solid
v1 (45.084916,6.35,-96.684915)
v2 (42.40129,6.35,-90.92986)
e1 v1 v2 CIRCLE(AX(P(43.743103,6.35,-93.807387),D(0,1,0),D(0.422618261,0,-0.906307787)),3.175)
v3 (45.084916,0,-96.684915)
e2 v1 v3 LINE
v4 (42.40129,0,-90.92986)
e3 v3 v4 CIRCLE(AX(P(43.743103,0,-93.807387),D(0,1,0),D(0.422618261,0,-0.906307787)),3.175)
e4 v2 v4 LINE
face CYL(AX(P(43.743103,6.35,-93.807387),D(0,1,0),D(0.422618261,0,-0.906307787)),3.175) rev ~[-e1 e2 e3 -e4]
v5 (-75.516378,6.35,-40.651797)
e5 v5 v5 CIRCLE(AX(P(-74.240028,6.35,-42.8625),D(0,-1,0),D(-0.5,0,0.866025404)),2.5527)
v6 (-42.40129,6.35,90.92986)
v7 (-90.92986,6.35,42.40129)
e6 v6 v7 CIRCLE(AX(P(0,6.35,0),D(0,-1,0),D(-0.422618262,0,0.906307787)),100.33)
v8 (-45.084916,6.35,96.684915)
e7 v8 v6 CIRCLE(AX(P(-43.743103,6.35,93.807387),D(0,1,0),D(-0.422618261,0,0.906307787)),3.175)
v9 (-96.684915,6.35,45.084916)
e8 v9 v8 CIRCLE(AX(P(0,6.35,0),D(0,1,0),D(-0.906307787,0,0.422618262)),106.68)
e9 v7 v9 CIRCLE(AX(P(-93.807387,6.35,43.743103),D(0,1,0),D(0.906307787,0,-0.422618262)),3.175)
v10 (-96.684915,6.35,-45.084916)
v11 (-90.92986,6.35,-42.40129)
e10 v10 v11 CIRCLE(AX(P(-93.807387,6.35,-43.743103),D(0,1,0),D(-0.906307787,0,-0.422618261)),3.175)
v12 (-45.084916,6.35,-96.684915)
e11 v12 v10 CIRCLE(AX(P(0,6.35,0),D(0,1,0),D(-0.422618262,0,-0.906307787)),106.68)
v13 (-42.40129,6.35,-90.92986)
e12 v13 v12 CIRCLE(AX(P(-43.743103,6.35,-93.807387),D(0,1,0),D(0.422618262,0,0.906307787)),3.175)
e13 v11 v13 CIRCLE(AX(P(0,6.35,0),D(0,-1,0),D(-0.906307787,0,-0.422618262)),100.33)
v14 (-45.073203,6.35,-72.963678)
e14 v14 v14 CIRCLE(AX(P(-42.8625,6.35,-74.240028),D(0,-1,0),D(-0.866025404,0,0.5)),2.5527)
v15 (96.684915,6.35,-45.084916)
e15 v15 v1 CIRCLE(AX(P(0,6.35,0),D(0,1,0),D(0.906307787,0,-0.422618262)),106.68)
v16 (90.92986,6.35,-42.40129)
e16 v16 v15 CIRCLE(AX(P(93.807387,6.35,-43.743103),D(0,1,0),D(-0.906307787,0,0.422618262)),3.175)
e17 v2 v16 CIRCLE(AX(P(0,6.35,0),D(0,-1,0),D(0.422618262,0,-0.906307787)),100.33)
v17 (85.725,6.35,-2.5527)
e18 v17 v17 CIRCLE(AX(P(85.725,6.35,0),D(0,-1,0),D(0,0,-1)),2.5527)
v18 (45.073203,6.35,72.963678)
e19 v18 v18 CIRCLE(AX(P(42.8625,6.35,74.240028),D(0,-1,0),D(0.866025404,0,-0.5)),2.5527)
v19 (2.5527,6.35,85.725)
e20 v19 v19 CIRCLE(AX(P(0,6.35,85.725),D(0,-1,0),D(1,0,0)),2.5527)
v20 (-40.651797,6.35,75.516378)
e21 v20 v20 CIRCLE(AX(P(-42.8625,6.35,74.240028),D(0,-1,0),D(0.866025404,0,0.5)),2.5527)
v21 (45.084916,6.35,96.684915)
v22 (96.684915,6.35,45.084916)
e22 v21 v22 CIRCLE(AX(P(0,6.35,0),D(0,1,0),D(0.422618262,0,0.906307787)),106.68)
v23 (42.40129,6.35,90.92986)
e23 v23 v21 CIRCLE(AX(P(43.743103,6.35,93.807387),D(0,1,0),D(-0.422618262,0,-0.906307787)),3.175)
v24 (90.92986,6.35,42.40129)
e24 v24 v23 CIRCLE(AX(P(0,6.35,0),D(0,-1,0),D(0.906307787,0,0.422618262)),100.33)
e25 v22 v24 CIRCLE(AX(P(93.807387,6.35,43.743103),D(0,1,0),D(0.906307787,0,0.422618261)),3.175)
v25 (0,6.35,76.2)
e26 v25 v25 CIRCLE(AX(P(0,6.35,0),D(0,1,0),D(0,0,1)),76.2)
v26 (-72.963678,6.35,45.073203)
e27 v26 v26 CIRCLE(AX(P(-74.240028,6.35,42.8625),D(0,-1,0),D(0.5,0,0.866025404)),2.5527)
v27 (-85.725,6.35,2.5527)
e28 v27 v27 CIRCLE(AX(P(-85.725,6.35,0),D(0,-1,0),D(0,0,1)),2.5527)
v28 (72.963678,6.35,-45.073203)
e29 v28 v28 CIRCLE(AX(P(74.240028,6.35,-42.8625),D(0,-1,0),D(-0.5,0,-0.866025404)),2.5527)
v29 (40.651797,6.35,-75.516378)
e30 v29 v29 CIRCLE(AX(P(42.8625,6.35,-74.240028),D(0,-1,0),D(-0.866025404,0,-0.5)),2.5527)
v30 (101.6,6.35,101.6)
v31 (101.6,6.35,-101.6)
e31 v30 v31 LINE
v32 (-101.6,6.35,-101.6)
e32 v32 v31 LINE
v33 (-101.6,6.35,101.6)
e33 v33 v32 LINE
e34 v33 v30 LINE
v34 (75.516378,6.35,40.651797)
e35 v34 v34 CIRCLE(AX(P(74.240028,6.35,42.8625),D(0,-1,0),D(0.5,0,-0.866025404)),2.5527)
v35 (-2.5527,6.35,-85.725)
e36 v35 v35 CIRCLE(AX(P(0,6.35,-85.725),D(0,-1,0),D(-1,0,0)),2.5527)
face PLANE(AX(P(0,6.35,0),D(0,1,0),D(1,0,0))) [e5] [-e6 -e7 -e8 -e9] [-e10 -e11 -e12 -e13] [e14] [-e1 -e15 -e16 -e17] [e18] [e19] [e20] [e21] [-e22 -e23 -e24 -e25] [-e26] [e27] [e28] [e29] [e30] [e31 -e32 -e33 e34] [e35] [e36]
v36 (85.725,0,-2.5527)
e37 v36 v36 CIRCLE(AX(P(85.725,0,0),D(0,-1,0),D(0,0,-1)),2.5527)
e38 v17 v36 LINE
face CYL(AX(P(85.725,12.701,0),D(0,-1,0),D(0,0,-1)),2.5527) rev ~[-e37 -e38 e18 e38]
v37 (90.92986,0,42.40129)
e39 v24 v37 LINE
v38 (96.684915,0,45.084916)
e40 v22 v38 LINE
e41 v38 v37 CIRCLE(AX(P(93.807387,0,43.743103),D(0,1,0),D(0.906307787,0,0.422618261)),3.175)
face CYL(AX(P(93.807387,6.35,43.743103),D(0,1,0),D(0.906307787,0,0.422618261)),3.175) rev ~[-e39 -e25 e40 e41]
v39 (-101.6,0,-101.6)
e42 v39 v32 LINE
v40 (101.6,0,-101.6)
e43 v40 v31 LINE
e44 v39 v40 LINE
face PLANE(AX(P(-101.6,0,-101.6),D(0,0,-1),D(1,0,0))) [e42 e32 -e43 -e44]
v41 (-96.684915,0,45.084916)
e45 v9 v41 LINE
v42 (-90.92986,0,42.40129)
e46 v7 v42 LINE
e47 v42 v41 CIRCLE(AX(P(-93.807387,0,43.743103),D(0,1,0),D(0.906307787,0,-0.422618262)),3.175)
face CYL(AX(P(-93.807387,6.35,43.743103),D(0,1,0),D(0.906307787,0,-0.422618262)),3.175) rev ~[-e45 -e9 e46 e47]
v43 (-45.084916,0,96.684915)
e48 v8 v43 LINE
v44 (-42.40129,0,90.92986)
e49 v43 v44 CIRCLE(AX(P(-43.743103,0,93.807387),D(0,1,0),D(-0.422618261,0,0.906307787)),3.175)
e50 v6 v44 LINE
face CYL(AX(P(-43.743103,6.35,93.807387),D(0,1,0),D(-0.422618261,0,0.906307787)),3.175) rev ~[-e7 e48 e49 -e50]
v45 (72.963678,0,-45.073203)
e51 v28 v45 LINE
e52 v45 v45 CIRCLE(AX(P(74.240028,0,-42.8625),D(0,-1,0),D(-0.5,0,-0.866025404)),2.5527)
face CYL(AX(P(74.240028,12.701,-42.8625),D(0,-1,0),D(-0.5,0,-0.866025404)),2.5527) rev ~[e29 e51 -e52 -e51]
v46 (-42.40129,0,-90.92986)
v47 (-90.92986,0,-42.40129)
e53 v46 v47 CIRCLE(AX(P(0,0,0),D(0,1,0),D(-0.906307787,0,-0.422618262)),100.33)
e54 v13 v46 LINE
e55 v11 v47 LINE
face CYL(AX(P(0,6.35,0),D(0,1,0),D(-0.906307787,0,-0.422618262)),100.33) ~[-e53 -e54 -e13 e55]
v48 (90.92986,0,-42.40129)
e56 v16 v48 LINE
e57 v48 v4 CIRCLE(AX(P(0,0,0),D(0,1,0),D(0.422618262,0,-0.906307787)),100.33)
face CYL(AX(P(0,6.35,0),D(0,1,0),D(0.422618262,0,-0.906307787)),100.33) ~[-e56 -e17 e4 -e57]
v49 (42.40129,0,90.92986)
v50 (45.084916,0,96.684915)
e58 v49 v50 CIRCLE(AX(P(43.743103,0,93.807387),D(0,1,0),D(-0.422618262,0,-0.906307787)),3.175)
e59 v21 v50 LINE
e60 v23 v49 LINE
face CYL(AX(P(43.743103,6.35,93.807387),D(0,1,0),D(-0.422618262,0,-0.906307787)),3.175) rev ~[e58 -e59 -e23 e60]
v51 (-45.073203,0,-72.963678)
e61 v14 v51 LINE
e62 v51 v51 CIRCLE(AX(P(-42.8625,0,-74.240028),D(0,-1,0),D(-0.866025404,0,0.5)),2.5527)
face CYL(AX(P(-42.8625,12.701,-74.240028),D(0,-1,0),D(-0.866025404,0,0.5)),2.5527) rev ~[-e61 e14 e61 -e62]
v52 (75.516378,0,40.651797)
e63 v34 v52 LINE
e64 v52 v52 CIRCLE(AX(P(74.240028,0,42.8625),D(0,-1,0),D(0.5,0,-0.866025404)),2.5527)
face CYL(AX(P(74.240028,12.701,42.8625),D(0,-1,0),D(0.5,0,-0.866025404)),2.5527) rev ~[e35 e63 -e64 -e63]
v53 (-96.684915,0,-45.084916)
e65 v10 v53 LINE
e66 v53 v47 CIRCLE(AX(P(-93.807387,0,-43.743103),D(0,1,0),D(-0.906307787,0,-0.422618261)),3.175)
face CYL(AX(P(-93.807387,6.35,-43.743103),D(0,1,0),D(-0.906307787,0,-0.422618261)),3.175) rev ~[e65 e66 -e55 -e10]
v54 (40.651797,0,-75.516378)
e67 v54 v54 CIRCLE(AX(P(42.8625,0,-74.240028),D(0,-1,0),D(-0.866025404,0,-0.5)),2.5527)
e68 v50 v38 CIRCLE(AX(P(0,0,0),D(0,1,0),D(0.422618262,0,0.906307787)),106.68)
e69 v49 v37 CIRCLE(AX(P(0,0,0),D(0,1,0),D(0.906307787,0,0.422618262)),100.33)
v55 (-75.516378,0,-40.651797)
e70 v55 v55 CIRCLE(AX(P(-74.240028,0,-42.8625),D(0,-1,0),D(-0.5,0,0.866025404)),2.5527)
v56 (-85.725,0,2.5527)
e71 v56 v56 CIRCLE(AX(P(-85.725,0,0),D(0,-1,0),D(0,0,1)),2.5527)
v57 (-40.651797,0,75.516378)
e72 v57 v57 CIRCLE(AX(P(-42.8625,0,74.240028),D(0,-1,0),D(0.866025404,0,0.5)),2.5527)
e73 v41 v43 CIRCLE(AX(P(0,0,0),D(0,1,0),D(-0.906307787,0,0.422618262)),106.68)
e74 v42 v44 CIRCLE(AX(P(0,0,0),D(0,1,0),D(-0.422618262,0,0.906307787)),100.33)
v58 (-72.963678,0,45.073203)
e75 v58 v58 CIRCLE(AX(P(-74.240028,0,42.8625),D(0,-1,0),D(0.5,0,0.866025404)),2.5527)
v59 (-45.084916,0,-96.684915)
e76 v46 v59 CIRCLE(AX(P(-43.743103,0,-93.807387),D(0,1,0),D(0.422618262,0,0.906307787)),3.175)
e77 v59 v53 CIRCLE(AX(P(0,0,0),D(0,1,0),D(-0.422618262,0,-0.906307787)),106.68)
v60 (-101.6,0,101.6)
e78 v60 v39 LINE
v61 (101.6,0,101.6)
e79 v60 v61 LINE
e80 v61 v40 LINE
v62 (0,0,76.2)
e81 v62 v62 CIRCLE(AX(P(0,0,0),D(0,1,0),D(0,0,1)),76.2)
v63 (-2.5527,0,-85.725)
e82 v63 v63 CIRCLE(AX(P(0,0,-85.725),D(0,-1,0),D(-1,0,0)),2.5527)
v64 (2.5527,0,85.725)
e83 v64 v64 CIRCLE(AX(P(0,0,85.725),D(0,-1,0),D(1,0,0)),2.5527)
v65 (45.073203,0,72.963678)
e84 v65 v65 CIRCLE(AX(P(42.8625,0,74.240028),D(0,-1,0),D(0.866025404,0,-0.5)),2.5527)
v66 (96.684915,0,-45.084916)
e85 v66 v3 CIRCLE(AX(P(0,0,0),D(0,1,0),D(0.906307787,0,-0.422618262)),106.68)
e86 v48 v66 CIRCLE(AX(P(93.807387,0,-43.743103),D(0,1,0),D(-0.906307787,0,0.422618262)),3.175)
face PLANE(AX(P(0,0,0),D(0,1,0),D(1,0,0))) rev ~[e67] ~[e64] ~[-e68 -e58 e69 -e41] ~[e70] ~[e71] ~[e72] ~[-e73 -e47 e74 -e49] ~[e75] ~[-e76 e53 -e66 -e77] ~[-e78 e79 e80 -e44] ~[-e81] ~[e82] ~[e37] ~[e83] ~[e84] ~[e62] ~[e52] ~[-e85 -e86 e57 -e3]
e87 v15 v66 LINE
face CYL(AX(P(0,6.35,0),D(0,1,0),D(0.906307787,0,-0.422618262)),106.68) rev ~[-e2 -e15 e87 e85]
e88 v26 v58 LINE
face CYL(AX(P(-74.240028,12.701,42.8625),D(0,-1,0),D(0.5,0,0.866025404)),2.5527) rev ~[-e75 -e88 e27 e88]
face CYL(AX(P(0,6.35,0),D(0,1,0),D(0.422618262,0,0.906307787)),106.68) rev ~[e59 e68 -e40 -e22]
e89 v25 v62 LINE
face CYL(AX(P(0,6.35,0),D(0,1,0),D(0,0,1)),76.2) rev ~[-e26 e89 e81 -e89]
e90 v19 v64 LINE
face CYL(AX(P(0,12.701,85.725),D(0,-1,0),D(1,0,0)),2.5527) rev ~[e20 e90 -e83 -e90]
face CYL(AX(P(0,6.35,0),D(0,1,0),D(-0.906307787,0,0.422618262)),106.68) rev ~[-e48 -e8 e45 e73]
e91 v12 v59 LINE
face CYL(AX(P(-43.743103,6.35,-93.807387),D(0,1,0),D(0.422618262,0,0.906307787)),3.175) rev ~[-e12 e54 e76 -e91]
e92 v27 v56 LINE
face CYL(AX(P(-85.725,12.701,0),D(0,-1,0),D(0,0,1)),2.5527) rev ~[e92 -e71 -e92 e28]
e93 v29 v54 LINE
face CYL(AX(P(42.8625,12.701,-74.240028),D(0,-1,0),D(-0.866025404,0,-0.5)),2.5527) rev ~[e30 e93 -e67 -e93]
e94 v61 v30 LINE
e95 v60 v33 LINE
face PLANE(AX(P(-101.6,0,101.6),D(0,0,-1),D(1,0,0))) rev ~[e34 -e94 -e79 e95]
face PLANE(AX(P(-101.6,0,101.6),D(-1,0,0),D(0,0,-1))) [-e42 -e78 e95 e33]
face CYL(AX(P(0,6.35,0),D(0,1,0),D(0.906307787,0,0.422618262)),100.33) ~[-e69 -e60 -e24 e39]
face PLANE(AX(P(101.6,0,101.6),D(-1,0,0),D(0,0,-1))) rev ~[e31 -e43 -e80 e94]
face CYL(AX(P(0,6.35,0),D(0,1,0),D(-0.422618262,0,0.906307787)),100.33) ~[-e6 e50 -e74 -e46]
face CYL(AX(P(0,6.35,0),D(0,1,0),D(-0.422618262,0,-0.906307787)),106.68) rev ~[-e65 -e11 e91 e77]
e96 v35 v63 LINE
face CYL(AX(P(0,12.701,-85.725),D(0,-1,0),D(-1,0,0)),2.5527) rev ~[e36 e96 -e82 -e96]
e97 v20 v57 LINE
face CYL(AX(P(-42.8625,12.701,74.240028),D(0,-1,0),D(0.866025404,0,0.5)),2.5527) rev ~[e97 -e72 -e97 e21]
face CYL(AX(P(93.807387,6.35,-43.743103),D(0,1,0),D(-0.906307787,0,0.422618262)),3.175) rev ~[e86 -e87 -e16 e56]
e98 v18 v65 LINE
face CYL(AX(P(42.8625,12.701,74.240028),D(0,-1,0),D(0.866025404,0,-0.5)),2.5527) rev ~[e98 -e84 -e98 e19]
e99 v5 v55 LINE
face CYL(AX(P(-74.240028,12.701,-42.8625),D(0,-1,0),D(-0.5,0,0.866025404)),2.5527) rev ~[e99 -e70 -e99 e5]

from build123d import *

# Parameters (mm, degrees)
SKETCH1_W                   = 203.2
SKETCH1_H                   = 203.2
BOSS_EXTRUDE1_DEPTH         = 6.35
CUT_EXTRUDE1_REACH          = 8.35
SKETCH2_R                   = 76.2
F_1_4_20_TAPPED_HOLE1_D     = 5.1054
F_1_4_20_TAPPED_HOLE1_DEPTH = 6.351
CIRPATTERN1_COUNT           = 12
CUT_EXTRUDE2_REACH          = 8.35


with BuildPart() as part:
    # Sketch1 → Boss-Extrude1 (new body)
    with BuildSketch(Plane(origin=(0, 0, 0), x_dir=(1, 0, 0), z_dir=(0, 1, 0))):
        Rectangle(SKETCH1_W, SKETCH1_H)
    extrude(amount=BOSS_EXTRUDE1_DEPTH)

    # Sketch2 → Cut-Extrude1 (cut, up to next)
    with BuildSketch(Plane(origin=(0, 6.35, 0), x_dir=(1, 0, 0), z_dir=(0, 1, 0)), mode=Mode.PRIVATE) as cut_extrude1_sk1:
        with Locations(Location((0, 0, 0), (0, 0, 270))):  # turned: the seam where the file's is
            Circle(SKETCH2_R)
    cut_extrude1_tool1 = extrude(cut_extrude1_sk1.sketch, amount=-CUT_EXTRUDE1_REACH, mode=Mode.PRIVATE) & part.part
    add(cut_extrude1_tool1.solids().sort_by_distance((0, 6.35, 0))[0], mode=Mode.SUBTRACT)

    # 1/4-20 Tapped Hole1
    with Locations(Plane(origin=(0, 6.35, 0), x_dir=(1, 0, 0), z_dir=(0, 1, 0))):
        with Locations((0, 85.725)):
            f_1_4_20_tapped_hole1 = Hole(F_1_4_20_TAPPED_HOLE1_D / 2, depth=F_1_4_20_TAPPED_HOLE1_DEPTH)

    # CirPattern1: 1/4-20 Tapped Hole1 ×12 about axis
    cirpattern1_axis = Axis((0, 0, 0), (0, 1, 0))
    for i in range(1, CIRPATTERN1_COUNT):
        add(f_1_4_20_tapped_hole1.rotate(cirpattern1_axis, i * 360 / CIRPATTERN1_COUNT), mode=Mode.SUBTRACT)

    # Sketch5 → Cut-Extrude2 (cut, up to next)
    with BuildSketch(Plane(origin=(0, 6.35, 0), x_dir=(1, 0, 0), z_dir=(0, 1, 0)), mode=Mode.PRIVATE) as cut_extrude2_sk1:
        with BuildLine():
            ThreePointArc((-45.084916162, 96.684914721), (-75.434151417, 75.434151417), (-96.684914721, 45.084916162))
            ThreePointArc((-96.684914721, 45.084916162), (-95.149200478, 40.865575958), (-90.929860273, 42.4012902))
            ThreePointArc((-90.929860273, 42.4012902), (-70.944023356, 70.944023356), (-42.4012902, 90.929860273))
            ThreePointArc((-42.4012902, 90.929860273), (-40.865575958, 95.149200478), (-45.084916162, 96.684914721))
        make_face()
    cut_extrude2_tool1 = extrude(cut_extrude2_sk1.sketch, amount=-CUT_EXTRUDE2_REACH, mode=Mode.PRIVATE) & part.part
    add(cut_extrude2_tool1.solids().sort_by_distance((-71.522214, 6.35, -71.522214))[0], mode=Mode.SUBTRACT)
    # Sketch5 → Cut-Extrude2 (cut, up to next)
    with BuildSketch(Plane(origin=(0, 6.35, 0), x_dir=(1, 0, 0), z_dir=(0, 1, 0)), mode=Mode.PRIVATE) as cut_extrude2_sk2:
        with BuildLine():
            ThreePointArc((96.684914721, 45.084916162), (75.434151417, 75.434151417), (45.084916162, 96.684914721))
            ThreePointArc((45.084916162, 96.684914721), (40.865575958, 95.149200478), (42.4012902, 90.929860273))
            ThreePointArc((42.4012902, 90.929860273), (70.944023356, 70.944023356), (90.929860273, 42.4012902))
            ThreePointArc((90.929860273, 42.4012902), (95.149200478, 40.865575958), (96.684914721, 45.084916162))
        make_face()
    cut_extrude2_tool2 = extrude(cut_extrude2_sk2.sketch, amount=-CUT_EXTRUDE2_REACH, mode=Mode.PRIVATE) & part.part
    add(cut_extrude2_tool2.solids().sort_by_distance((71.522214, 6.35, -71.522214))[0], mode=Mode.SUBTRACT)
    # Sketch5 → Cut-Extrude2 (cut, up to next)
    with BuildSketch(Plane(origin=(0, 6.35, 0), x_dir=(1, 0, 0), z_dir=(0, 1, 0)), mode=Mode.PRIVATE) as cut_extrude2_sk3:
        with BuildLine():
            ThreePointArc((-96.684914721, -45.084916162), (-75.434151417, -75.434151417), (-45.084916162, -96.684914721))
            ThreePointArc((-45.084916162, -96.684914721), (-40.865575958, -95.149200478), (-42.4012902, -90.929860273))
            ThreePointArc((-42.4012902, -90.929860273), (-70.944023356, -70.944023356), (-90.929860273, -42.4012902))
            ThreePointArc((-90.929860273, -42.4012902), (-95.149200478, -40.865575958), (-96.684914721, -45.084916162))
        make_face()
    cut_extrude2_tool3 = extrude(cut_extrude2_sk3.sketch, amount=-CUT_EXTRUDE2_REACH, mode=Mode.PRIVATE) & part.part
    add(cut_extrude2_tool3.solids().sort_by_distance((-71.522214, 6.35, 71.522214))[0], mode=Mode.SUBTRACT)
    # Sketch5 → Cut-Extrude2 (cut, up to next)
    with BuildSketch(Plane(origin=(0, 6.35, 0), x_dir=(1, 0, 0), z_dir=(0, 1, 0)), mode=Mode.PRIVATE) as cut_extrude2_sk4:
        with BuildLine():
            ThreePointArc((45.084916162, -96.684914721), (75.434151417, -75.434151417), (96.684914721, -45.084916162))
            ThreePointArc((96.684914721, -45.084916162), (95.149200478, -40.865575958), (90.929860273, -42.4012902))
            ThreePointArc((90.929860273, -42.4012902), (70.944023356, -70.944023356), (42.4012902, -90.929860273))
            ThreePointArc((42.4012902, -90.929860273), (40.865575958, -95.149200478), (45.084916162, -96.684914721))
        make_face()
    cut_extrude2_tool4 = extrude(cut_extrude2_sk4.sketch, amount=-CUT_EXTRUDE2_REACH, mode=Mode.PRIVATE) & part.part
    add(cut_extrude2_tool4.solids().sort_by_distance((71.522214, 6.35, 71.522214))[0], mode=Mode.SUBTRACT)


solid = part.part
